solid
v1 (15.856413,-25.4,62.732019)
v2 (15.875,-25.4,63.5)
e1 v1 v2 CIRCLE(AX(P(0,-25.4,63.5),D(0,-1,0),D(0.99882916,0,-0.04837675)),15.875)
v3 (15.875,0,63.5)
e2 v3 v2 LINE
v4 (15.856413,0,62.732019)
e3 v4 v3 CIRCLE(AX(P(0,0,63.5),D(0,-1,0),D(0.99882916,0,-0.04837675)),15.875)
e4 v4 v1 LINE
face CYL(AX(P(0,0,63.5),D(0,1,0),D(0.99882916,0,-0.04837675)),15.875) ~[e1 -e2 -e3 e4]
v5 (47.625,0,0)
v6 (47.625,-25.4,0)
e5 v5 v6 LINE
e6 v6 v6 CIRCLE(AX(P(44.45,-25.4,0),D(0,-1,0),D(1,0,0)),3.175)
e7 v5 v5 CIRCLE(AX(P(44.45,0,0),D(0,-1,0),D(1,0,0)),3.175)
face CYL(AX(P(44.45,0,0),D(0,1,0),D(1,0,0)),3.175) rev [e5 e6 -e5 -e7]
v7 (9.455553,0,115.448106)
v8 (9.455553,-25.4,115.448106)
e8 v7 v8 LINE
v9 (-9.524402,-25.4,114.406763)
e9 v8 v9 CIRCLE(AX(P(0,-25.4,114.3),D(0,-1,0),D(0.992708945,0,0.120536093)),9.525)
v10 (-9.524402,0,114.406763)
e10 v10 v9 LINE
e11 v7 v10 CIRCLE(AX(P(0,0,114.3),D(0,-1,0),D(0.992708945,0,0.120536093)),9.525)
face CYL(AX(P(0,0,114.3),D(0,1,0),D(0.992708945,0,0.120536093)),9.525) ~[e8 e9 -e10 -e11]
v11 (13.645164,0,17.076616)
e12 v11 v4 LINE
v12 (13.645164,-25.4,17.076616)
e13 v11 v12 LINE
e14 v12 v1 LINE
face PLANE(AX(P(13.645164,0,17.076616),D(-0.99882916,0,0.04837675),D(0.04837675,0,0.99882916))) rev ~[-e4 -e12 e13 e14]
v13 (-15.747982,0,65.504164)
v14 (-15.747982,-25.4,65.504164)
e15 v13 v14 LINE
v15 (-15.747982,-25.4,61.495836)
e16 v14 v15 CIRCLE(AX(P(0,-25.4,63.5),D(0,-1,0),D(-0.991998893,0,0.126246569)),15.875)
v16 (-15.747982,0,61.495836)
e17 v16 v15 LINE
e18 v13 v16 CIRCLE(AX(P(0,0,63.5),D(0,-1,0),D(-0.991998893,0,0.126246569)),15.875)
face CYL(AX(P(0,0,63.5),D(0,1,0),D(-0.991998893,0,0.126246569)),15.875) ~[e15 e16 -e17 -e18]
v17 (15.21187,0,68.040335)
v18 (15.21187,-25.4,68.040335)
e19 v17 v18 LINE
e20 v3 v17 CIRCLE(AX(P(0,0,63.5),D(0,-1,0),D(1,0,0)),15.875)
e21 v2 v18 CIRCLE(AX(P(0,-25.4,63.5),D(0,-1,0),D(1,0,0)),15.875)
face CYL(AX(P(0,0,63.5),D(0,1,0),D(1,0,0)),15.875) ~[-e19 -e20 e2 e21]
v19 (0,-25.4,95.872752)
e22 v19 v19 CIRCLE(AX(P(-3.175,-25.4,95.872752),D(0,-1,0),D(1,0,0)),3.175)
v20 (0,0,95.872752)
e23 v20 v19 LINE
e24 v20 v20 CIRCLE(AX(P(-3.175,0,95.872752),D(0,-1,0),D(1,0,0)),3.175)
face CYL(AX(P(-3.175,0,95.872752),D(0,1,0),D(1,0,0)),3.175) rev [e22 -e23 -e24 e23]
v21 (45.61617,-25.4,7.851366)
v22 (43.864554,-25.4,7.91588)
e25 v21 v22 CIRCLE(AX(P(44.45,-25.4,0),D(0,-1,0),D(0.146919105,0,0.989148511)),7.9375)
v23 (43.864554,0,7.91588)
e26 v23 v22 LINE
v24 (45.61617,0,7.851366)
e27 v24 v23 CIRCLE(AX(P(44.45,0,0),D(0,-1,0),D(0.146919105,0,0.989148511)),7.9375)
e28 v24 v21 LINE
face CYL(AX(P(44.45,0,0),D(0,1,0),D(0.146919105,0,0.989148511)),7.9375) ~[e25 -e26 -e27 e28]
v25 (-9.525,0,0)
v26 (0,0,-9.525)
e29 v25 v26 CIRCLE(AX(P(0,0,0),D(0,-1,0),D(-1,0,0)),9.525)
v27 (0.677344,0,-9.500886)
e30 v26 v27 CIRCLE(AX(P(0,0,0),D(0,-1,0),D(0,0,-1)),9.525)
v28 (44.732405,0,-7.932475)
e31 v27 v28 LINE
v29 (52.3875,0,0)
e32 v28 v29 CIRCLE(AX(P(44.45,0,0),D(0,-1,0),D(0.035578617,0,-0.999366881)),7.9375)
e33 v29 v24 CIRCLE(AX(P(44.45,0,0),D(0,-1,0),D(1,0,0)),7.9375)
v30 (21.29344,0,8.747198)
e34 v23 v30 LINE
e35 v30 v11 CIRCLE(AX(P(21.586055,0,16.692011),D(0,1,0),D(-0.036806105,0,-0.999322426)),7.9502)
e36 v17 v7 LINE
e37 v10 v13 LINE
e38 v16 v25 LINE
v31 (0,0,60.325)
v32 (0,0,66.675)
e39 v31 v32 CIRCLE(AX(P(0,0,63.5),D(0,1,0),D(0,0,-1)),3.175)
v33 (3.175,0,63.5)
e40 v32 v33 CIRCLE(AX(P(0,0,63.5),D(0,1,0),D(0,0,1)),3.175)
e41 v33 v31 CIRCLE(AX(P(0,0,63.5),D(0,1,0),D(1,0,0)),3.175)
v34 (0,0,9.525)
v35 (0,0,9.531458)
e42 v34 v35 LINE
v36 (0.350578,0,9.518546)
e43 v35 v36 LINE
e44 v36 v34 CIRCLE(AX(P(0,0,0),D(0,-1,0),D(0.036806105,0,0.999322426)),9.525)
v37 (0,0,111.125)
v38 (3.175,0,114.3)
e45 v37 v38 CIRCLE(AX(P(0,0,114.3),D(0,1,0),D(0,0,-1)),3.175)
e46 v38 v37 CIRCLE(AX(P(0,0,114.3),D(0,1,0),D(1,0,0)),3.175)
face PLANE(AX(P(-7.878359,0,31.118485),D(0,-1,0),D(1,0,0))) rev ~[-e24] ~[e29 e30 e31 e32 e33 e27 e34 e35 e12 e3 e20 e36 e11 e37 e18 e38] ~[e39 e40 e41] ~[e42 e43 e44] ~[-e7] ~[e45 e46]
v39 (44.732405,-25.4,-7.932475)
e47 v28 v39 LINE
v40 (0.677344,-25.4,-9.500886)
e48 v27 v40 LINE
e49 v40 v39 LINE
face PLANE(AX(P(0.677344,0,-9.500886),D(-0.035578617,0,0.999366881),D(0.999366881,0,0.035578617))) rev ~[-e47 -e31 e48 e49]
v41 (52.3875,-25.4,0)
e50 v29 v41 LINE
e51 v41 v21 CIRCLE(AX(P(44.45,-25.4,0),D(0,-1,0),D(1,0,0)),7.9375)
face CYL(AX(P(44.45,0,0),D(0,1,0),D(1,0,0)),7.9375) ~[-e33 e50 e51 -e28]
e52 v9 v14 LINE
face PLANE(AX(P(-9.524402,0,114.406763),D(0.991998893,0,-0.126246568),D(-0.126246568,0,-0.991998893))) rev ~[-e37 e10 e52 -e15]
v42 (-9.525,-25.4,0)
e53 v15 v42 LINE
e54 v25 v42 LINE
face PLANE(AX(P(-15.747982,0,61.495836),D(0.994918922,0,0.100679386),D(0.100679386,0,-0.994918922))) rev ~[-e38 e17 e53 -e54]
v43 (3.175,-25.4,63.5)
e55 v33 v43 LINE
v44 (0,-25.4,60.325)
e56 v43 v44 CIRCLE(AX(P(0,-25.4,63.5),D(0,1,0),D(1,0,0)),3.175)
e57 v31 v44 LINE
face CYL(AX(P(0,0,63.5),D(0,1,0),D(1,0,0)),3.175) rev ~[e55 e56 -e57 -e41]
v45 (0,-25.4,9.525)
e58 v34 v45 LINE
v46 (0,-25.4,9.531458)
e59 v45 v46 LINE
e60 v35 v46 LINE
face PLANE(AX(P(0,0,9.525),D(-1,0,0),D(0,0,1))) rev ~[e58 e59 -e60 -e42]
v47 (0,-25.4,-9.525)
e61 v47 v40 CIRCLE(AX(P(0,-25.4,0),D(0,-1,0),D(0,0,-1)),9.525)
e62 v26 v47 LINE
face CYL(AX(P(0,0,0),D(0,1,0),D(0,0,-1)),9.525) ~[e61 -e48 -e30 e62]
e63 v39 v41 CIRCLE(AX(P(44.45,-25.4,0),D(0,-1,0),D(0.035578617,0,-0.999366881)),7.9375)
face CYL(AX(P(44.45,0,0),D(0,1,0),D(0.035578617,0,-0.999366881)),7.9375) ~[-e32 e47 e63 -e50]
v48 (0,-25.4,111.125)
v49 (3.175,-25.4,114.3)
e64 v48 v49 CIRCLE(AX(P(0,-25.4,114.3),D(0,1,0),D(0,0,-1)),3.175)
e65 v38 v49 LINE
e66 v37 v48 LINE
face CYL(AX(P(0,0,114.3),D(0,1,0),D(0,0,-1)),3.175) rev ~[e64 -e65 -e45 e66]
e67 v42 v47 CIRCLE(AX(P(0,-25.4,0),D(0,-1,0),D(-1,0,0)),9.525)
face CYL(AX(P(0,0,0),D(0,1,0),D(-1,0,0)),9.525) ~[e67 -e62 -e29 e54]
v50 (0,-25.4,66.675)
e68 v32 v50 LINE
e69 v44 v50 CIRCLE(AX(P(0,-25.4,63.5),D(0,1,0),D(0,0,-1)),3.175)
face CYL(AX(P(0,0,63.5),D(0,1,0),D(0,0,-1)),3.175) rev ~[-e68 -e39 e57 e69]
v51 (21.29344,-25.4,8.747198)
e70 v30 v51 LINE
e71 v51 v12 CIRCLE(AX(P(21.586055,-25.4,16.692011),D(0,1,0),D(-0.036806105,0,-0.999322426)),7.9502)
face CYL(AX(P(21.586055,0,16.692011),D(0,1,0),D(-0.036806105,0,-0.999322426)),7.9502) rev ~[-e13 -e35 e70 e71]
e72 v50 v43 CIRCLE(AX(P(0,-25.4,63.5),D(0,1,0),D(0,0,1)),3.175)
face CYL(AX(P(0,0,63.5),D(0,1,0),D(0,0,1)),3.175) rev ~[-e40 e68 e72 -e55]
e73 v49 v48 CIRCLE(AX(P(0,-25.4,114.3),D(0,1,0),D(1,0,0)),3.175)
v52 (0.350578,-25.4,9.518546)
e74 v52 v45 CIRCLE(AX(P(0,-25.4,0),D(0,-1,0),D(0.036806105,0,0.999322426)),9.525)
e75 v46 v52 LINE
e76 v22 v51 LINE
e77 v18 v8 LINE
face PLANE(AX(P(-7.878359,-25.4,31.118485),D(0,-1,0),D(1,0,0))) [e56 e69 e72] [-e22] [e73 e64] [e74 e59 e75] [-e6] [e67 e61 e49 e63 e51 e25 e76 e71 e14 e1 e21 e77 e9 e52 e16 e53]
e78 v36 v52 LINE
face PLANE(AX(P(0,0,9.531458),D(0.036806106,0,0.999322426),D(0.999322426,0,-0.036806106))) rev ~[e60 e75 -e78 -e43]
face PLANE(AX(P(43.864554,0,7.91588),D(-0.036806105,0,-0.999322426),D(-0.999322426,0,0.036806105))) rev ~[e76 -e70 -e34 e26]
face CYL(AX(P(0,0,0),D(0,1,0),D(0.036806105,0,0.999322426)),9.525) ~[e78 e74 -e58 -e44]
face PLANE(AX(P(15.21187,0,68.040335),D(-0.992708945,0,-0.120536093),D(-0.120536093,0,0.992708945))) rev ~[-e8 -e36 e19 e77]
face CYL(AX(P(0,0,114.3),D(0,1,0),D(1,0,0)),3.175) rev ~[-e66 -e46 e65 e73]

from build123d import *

# Parameters (mm, degrees)
F0_R     = 3.175
F1_DEPTH = 25.4
F2_DEPTH = 25.4


with BuildPart() as f1:
    # F0 (on Front) → F1 (new body)
    with BuildSketch(Plane.XZ):
        with BuildLine():
            ThreePointArc((-9.525, 0), (-6.7351920908, 6.7351920908), (0, 9.525))
            Line((0, 9.525), (0, 9.5314582707))
            Line((0, 9.5314582707), (0, 47.625))
            ThreePointArc((0, 47.625), (-10.4928432071, 51.5871554014), (-15.7479824282, 61.4958357253))
            Line((-15.7479824282, 61.4958357253), (-9.525, 0))
        make_face()
        with BuildLine():
            ThreePointArc((0.3505781546, 9.5185461052), (0.1753187777, 9.5233863896), (0, 9.525))
            ThreePointArc((0, 9.525), (-6.7351920908, 6.7351920908), (-9.525, 0))
            ThreePointArc((-9.525, 0), (-6.7351920908, -6.7351920908), (0, -9.525))
            Line((0, -9.525), (0.6773435479, -9.500885786))
            ThreePointArc((0.6773435479, -9.500885786), (6.9705567315, -6.4912990883), (9.525, 0))
            ThreePointArc((9.525, 0), (6.8580201925, 6.6100819994), (0.3505781546, 9.5185461052))
        make_face()
        with BuildLine():
            Line((0, 47.625), (0, 9.5314582707))
            Line((0, 9.5314582707), (0.3505781546, 9.5185461052))
            ThreePointArc((0.3505781546, 9.5185461052), (6.8580201925, 6.6100819994), (9.525, 0))
            ThreePointArc((9.525, 0), (6.9705567315, -6.4912990883), (0.6773435479, -9.500885786))
            Line((0.6773435479, -9.500885786), (44.7324052746, -7.9324746146))
            ThreePointArc((44.7324052746, -7.9324746146), (36.5243740967, -0.4340049438), (43.8645540256, 7.915880195))
            Line((43.8645540256, 7.915880195), (21.2934395728, 8.7471982937))
            ThreePointArc((21.2934395728, 8.7471982937), (15.7300788358, 11.3149102098), (13.6451638878, 17.0766162795))
            Line((13.6451638878, 17.0766162795), (15.8564129087, 62.7320190962))
            ThreePointArc((15.8564129087, 62.7320190962), (10.9504321411, 52.0063643296), (0, 47.625))
        make_face()
        with BuildLine():
            ThreePointArc((-15.7479824282, 61.4958357253), (-10.4928432071, 51.5871554014), (0, 47.625))
            Line((0, 47.625), (0, 60.325))
            ThreePointArc((0, 60.325), (-3.175, 63.5), (0, 66.675))
            Line((0, 66.675), (0, 79.375))
            ThreePointArc((0, 79.375), (-10.4928432071, 75.4128445986), (-15.7479824282, 65.5041642747))
            ThreePointArc((-15.7479824282, 65.5041642747), (-15.875, 63.5), (-15.7479824282, 61.4958357253))
        make_face()
        with BuildLine():
            Line((0, 60.325), (0, 47.625))
            ThreePointArc((0, 47.625), (10.9504321411, 52.0063643296), (15.8564129087, 62.7320190962))
            Line((15.8564129087, 62.7320190962), (15.2118698801, 68.0403347621))
            ThreePointArc((15.2118698801, 68.0403347621), (9.4851940057, 76.2297572512), (0, 79.375))
            Line((0, 79.375), (0, 66.675))
            ThreePointArc((0, 66.675), (2.2450640303, 65.7450640303), (3.175, 63.5))
            ThreePointArc((3.175, 63.5), (2.2450640303, 61.2549359697), (0, 60.325))
        make_face()
        with BuildLine():
            Line((0.6773435479, -9.500885786), (0, -9.525))
            ThreePointArc((0, -9.525), (0.3388863295, -9.5189695375), (0.6773435479, -9.500885786))
        make_face()
        with BuildLine():
            Line((15.2118698801, 68.0403347621), (15.8564129087, 62.7320190962))
            ThreePointArc((15.8564129087, 62.7320190962), (15.8703525469, 63.1158971008), (15.875, 63.5))
            ThreePointArc((15.875, 63.5), (15.7083426775, 65.7942526729), (15.2118698801, 68.0403347621))
        make_face()
        with BuildLine():
            Line((-9.5244016461, 114.4067627467), (-15.7479824282, 65.5041642747))
            ThreePointArc((-15.7479824282, 65.5041642747), (-10.4928432071, 75.4128445986), (0, 79.375))
            Line((0, 79.375), (0, 95.8727523685))
            Line((0, 95.8727523685), (0, 104.775))
            ThreePointArc((0, 104.775), (-6.7728332389, 107.602660609), (-9.5244016461, 114.4067627467))
        make_face()
        with Locations((-3.175, 95.8727523685)):
            Circle(F0_R, mode=Mode.SUBTRACT)
        with BuildLine():
            ThreePointArc((0, 79.375), (9.4851940057, 76.2297572512), (15.2118698801, 68.0403347621))
            Line((15.2118698801, 68.0403347621), (9.4555527051, 115.4481062848))
            ThreePointArc((9.4555527051, 115.4481062848), (9.5076223241, 114.8751023752), (9.525, 114.3))
            ThreePointArc((9.525, 114.3), (6.7351920908, 107.5648079092), (0, 104.775))
            Line((0, 104.775), (0, 95.8727523685))
            Line((0, 95.8727523685), (0, 79.375))
        make_face()
        with BuildLine():
            ThreePointArc((43.8645540256, 7.915880195), (36.5243740967, -0.4340049438), (44.7324052746, -7.9324746146))
            ThreePointArc((44.7324052746, -7.9324746146), (50.1616327839, -5.5119104847), (52.3875, 0))
            ThreePointArc((52.3875, 0), (50.4608395323, 5.1839863393), (45.6161703959, 7.8513663052))
            Line((45.6161703959, 7.8513663052), (43.8645540256, 7.915880195))
        make_face()
        with Locations((44.45, 0)):
            Circle(F0_R, mode=Mode.SUBTRACT)
        with BuildLine():
            ThreePointArc((9.4555527051, 115.4481062848), (-0.5218085236, 123.8106961293), (-9.5244016461, 114.4067627467))
            ThreePointArc((-9.5244016461, 114.4067627467), (-6.7728332389, 107.602660609), (0, 104.775))
            ThreePointArc((0, 104.775), (6.7351920908, 107.5648079092), (9.525, 114.3))
            ThreePointArc((9.525, 114.3), (9.5076223241, 114.8751023752), (9.4555527051, 115.4481062848))
        make_face()
        with BuildLine():
            ThreePointArc((3.175, 114.3), (2.2450640303, 112.0549359697), (0, 111.125))
            ThreePointArc((0, 111.125), (-2.2450640303, 116.5450640303), (3.175, 114.3))
        make_face(mode=Mode.SUBTRACT)
        with BuildLine():
            ThreePointArc((45.6161703959, 7.8513663052), (44.7421484621, 7.9321217544), (43.8645540256, 7.915880195))
            Line((43.8645540256, 7.915880195), (45.6161703959, 7.8513663052))
        make_face()
    extrude(amount=F1_DEPTH)

    # F0 (on Front) → F2 (join)
    with BuildSketch(Plane.XZ):
        with BuildLine():
            ThreePointArc((-9.525, 0), (-6.7351920908, 6.7351920908), (0, 9.525))
            Line((0, 9.525), (0, 9.5314582707))
            Line((0, 9.5314582707), (0, 47.625))
            ThreePointArc((0, 47.625), (-10.4928432071, 51.5871554014), (-15.7479824282, 61.4958357253))
            Line((-15.7479824282, 61.4958357253), (-9.525, 0))
        make_face()
        with BuildLine():
            ThreePointArc((0.3505781546, 9.5185461052), (0.1753187777, 9.5233863896), (0, 9.525))
            ThreePointArc((0, 9.525), (-6.7351920908, 6.7351920908), (-9.525, 0))
            ThreePointArc((-9.525, 0), (-6.7351920908, -6.7351920908), (0, -9.525))
            Line((0, -9.525), (0.6773435479, -9.500885786))
            ThreePointArc((0.6773435479, -9.500885786), (6.9705567315, -6.4912990883), (9.525, 0))
            ThreePointArc((9.525, 0), (6.8580201925, 6.6100819994), (0.3505781546, 9.5185461052))
        make_face()
        with BuildLine():
            Line((0, 47.625), (0, 9.5314582707))
            Line((0, 9.5314582707), (0.3505781546, 9.5185461052))
            ThreePointArc((0.3505781546, 9.5185461052), (6.8580201925, 6.6100819994), (9.525, 0))
            ThreePointArc((9.525, 0), (6.9705567315, -6.4912990883), (0.6773435479, -9.500885786))
            Line((0.6773435479, -9.500885786), (44.7324052746, -7.9324746146))
            ThreePointArc((44.7324052746, -7.9324746146), (36.5243740967, -0.4340049438), (43.8645540256, 7.915880195))
            Line((43.8645540256, 7.915880195), (21.2934395728, 8.7471982937))
            ThreePointArc((21.2934395728, 8.7471982937), (15.7300788358, 11.3149102098), (13.6451638878, 17.0766162795))
            Line((13.6451638878, 17.0766162795), (15.8564129087, 62.7320190962))
            ThreePointArc((15.8564129087, 62.7320190962), (10.9504321411, 52.0063643296), (0, 47.625))
        make_face()
        with BuildLine():
            ThreePointArc((-15.7479824282, 61.4958357253), (-10.4928432071, 51.5871554014), (0, 47.625))
            Line((0, 47.625), (0, 60.325))
            ThreePointArc((0, 60.325), (-3.175, 63.5), (0, 66.675))
            Line((0, 66.675), (0, 79.375))
            ThreePointArc((0, 79.375), (-10.4928432071, 75.4128445986), (-15.7479824282, 65.5041642747))
            ThreePointArc((-15.7479824282, 65.5041642747), (-15.875, 63.5), (-15.7479824282, 61.4958357253))
        make_face()
        with BuildLine():
            Line((0, 60.325), (0, 47.625))
            ThreePointArc((0, 47.625), (10.9504321411, 52.0063643296), (15.8564129087, 62.7320190962))
            Line((15.8564129087, 62.7320190962), (15.2118698801, 68.0403347621))
            ThreePointArc((15.2118698801, 68.0403347621), (9.4851940057, 76.2297572512), (0, 79.375))
            Line((0, 79.375), (0, 66.675))
            ThreePointArc((0, 66.675), (2.2450640303, 65.7450640303), (3.175, 63.5))
            ThreePointArc((3.175, 63.5), (2.2450640303, 61.2549359697), (0, 60.325))
        make_face()
        with BuildLine():
            Line((0.6773435479, -9.500885786), (0, -9.525))
            ThreePointArc((0, -9.525), (0.3388863295, -9.5189695375), (0.6773435479, -9.500885786))
        make_face()
        with BuildLine():
            Line((15.2118698801, 68.0403347621), (15.8564129087, 62.7320190962))
            ThreePointArc((15.8564129087, 62.7320190962), (15.8703525469, 63.1158971008), (15.875, 63.5))
            ThreePointArc((15.875, 63.5), (15.7083426775, 65.7942526729), (15.2118698801, 68.0403347621))
        make_face()
        with BuildLine():
            Line((-9.5244016461, 114.4067627467), (-15.7479824282, 65.5041642747))
            ThreePointArc((-15.7479824282, 65.5041642747), (-10.4928432071, 75.4128445986), (0, 79.375))
            Line((0, 79.375), (0, 95.8727523685))
            Line((0, 95.8727523685), (0, 104.775))
            ThreePointArc((0, 104.775), (-6.7728332389, 107.602660609), (-9.5244016461, 114.4067627467))
        make_face()
        with Locations((-3.175, 95.8727523685)):
            Circle(F0_R, mode=Mode.SUBTRACT)
        with BuildLine():
            ThreePointArc((0, 79.375), (9.4851940057, 76.2297572512), (15.2118698801, 68.0403347621))
            Line((15.2118698801, 68.0403347621), (9.4555527051, 115.4481062848))
            ThreePointArc((9.4555527051, 115.4481062848), (9.5076223241, 114.8751023752), (9.525, 114.3))
            ThreePointArc((9.525, 114.3), (6.7351920908, 107.5648079092), (0, 104.775))
            Line((0, 104.775), (0, 95.8727523685))
            Line((0, 95.8727523685), (0, 79.375))
        make_face()
        with BuildLine():
            ThreePointArc((43.8645540256, 7.915880195), (36.5243740967, -0.4340049438), (44.7324052746, -7.9324746146))
            ThreePointArc((44.7324052746, -7.9324746146), (50.1616327839, -5.5119104847), (52.3875, 0))
            ThreePointArc((52.3875, 0), (50.4608395323, 5.1839863393), (45.6161703959, 7.8513663052))
            Line((45.6161703959, 7.8513663052), (43.8645540256, 7.915880195))
        make_face()
        with Locations((44.45, 0)):
            Circle(F0_R, mode=Mode.SUBTRACT)
        with BuildLine():
            ThreePointArc((9.4555527051, 115.4481062848), (-0.5218085236, 123.8106961293), (-9.5244016461, 114.4067627467))
            ThreePointArc((-9.5244016461, 114.4067627467), (-6.7728332389, 107.602660609), (0, 104.775))
            ThreePointArc((0, 104.775), (6.7351920908, 107.5648079092), (9.525, 114.3))
            ThreePointArc((9.525, 114.3), (9.5076223241, 114.8751023752), (9.4555527051, 115.4481062848))
        make_face()
        with BuildLine():
            ThreePointArc((3.175, 114.3), (2.2450640303, 112.0549359697), (0, 111.125))
            ThreePointArc((0, 111.125), (-2.2450640303, 116.5450640303), (3.175, 114.3))
        make_face(mode=Mode.SUBTRACT)
        with BuildLine():
            ThreePointArc((45.6161703959, 7.8513663052), (44.7421484621, 7.9321217544), (43.8645540256, 7.915880195))
            Line((43.8645540256, 7.915880195), (45.6161703959, 7.8513663052))
        make_face()
    extrude(amount=F2_DEPTH)


solid = f1.part
